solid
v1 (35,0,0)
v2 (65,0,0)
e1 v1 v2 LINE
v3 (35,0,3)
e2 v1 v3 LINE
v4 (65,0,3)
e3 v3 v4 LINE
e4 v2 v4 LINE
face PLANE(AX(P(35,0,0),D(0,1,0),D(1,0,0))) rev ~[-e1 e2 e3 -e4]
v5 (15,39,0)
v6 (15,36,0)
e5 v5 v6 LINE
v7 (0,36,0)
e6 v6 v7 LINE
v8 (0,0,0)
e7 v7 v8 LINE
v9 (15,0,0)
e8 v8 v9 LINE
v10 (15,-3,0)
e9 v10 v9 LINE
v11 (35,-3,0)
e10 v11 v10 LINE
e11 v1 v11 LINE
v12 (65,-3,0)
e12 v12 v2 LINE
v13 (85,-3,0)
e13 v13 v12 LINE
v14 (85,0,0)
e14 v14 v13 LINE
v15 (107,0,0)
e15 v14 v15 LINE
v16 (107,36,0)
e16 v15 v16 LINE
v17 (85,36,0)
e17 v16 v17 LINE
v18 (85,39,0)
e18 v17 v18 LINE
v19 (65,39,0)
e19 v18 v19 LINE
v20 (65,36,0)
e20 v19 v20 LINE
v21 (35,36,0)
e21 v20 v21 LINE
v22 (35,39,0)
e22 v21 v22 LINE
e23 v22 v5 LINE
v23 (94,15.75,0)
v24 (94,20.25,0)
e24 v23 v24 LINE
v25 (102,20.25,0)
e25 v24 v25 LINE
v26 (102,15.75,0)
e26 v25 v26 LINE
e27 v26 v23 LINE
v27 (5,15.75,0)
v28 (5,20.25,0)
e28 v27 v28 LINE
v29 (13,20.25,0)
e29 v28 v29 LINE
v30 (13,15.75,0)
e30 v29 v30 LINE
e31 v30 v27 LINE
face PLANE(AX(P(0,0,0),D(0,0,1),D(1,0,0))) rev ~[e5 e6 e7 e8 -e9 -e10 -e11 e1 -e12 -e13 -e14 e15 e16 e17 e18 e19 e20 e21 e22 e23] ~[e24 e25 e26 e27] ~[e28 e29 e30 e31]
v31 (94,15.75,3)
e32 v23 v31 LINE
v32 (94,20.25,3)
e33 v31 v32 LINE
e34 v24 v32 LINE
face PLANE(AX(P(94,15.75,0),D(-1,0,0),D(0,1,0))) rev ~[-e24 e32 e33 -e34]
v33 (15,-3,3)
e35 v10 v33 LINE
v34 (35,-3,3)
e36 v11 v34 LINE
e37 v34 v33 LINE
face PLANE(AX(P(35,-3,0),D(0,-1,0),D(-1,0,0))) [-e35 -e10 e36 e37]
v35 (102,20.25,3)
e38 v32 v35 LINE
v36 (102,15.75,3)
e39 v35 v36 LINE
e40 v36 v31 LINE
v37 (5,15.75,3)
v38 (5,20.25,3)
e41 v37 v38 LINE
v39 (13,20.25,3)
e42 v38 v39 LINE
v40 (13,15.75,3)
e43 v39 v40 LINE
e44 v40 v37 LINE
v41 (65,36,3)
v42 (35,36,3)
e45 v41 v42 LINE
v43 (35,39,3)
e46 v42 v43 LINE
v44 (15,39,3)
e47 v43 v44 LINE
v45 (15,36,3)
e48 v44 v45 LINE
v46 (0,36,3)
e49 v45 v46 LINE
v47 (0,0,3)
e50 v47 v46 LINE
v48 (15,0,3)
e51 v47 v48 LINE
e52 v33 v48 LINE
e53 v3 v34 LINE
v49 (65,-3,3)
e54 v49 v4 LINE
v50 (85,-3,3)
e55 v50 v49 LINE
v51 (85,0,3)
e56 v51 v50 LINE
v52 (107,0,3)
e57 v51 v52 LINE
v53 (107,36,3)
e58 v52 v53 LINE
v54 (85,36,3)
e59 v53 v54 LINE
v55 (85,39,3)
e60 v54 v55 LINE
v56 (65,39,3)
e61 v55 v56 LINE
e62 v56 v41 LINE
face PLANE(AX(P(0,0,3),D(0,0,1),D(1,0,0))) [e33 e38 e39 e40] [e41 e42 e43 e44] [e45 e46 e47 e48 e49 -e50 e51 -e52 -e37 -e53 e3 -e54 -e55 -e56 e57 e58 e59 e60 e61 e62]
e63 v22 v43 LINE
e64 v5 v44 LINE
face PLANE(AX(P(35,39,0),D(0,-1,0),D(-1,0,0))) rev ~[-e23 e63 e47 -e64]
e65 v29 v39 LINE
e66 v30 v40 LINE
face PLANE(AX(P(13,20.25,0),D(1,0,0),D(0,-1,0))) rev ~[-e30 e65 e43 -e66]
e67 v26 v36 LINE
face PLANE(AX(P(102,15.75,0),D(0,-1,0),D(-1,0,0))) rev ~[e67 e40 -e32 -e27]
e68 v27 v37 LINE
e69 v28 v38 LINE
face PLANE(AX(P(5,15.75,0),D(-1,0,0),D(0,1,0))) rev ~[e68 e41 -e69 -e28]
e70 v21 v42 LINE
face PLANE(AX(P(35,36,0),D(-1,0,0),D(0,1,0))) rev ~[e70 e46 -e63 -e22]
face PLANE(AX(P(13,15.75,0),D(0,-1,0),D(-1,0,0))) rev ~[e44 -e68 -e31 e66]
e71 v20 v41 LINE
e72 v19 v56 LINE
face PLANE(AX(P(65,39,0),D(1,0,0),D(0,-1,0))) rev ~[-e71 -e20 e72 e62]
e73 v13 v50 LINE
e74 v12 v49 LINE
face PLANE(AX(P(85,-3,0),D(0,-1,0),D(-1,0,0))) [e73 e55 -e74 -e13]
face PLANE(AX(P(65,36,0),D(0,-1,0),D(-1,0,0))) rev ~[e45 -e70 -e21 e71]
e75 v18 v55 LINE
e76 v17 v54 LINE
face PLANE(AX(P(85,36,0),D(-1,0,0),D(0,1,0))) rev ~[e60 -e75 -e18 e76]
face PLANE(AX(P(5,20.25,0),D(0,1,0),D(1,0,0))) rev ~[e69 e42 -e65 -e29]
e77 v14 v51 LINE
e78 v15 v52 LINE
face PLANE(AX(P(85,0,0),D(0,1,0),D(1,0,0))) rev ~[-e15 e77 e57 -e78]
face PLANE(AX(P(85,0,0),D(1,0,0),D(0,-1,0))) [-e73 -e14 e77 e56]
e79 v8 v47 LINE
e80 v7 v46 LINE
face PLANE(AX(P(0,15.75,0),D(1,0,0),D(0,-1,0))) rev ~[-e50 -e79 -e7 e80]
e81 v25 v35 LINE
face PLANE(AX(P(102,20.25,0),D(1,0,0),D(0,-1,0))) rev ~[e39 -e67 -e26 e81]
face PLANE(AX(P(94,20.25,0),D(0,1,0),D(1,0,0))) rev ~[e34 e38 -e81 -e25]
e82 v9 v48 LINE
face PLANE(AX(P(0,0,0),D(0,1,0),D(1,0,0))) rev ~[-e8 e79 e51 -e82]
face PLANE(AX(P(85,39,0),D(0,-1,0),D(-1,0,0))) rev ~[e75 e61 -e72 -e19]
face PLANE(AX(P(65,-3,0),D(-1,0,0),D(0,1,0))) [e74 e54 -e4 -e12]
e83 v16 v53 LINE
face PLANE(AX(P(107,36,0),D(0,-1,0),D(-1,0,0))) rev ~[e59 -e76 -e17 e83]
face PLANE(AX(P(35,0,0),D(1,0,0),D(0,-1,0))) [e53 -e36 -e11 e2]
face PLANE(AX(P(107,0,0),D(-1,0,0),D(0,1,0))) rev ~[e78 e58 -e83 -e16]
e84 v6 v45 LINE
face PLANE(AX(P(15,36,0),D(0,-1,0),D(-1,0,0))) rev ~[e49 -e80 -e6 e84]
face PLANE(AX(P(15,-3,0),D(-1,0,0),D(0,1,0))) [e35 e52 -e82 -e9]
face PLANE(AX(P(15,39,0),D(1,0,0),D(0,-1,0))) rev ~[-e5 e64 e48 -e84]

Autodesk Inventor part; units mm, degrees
ref_plane "YZ Plane" through (0, 0, 0) normal (1, 0, 0) x (0, 1, 0)
ref_plane "XZ Plane" through (0, 0, 0) normal (0, 1, 0) x (-1, 0, 0)
ref_plane "XY Plane" through (0, 0, 0) normal (0, 0, 1) x (1, 0, 0)
sketch "Sketch1" plane through (0, 0, 0) normal (0, 0, 1) x (1, 0, 0)
  line L0 (0, 0) -> (107, 0)
  line L1 (107, 0) -> (107, 36)
  line L2 (107, 36) -> (0, 36)
  line L3 (0, 36) -> (0, 0)
  line L4 (0, 15.75) -> (0, 20.25)
  line L5 (15, 36) -> (35, 36)
  line L6 (35, 36) -> (35, 39)
  line L7 (35, 39) -> (15, 39)
  line L8 (15, 39) -> (15, 36)
  line L9 (65, 36) -> (85, 36)
  line L10 (85, 36) -> (85, 39)
  line L11 (85, 39) -> (65, 39)
  line L12 (65, 39) -> (65, 36)
  line L13 (15, 0) -> (35, 0)
  line L14 (35, 0) -> (35, -3)
  line L15 (35, -3) -> (15, -3)
  line L16 (15, -3) -> (15, 0)
  line L17 (65, 0) -> (85, 0)
  line L18 (85, 0) -> (85, -3)
  line L19 (85, -3) -> (65, -3)
  line L20 (65, -3) -> (65, 0)
  line L21 (5, 20.25) -> (13, 20.25)
  line L22 (13, 20.25) -> (13, 15.75)
  line L23 (13, 15.75) -> (5, 15.75)
  line L24 (5, 15.75) -> (5, 20.25)
  line L25 (94, 20.25) -> (102, 20.25)
  line L26 (102, 20.25) -> (102, 15.75)
  line L27 (102, 15.75) -> (94, 15.75)
  line L28 (94, 15.75) -> (94, 20.25)
  point P0 (102, 18)
  dimension "d0" = 36
  dimension "d1" = 107
  dimension "d6" = 3
  dimension "d7" = 3
  dimension "d8" = 30
  dimension "d9" = 20
  dimension "d10" = 20
  dimension "d11" = 15
  dimension "d14" = 4.5
  dimension "d15" = 8
  dimension "d16" = 8
  dimension "d18" = 97
  dimension "d19" = 5
  dimension "d20" = 18
extrude "Extrusion1" add sketch "Sketch1" along normal blind 3
properties part number "TB6600holder"
